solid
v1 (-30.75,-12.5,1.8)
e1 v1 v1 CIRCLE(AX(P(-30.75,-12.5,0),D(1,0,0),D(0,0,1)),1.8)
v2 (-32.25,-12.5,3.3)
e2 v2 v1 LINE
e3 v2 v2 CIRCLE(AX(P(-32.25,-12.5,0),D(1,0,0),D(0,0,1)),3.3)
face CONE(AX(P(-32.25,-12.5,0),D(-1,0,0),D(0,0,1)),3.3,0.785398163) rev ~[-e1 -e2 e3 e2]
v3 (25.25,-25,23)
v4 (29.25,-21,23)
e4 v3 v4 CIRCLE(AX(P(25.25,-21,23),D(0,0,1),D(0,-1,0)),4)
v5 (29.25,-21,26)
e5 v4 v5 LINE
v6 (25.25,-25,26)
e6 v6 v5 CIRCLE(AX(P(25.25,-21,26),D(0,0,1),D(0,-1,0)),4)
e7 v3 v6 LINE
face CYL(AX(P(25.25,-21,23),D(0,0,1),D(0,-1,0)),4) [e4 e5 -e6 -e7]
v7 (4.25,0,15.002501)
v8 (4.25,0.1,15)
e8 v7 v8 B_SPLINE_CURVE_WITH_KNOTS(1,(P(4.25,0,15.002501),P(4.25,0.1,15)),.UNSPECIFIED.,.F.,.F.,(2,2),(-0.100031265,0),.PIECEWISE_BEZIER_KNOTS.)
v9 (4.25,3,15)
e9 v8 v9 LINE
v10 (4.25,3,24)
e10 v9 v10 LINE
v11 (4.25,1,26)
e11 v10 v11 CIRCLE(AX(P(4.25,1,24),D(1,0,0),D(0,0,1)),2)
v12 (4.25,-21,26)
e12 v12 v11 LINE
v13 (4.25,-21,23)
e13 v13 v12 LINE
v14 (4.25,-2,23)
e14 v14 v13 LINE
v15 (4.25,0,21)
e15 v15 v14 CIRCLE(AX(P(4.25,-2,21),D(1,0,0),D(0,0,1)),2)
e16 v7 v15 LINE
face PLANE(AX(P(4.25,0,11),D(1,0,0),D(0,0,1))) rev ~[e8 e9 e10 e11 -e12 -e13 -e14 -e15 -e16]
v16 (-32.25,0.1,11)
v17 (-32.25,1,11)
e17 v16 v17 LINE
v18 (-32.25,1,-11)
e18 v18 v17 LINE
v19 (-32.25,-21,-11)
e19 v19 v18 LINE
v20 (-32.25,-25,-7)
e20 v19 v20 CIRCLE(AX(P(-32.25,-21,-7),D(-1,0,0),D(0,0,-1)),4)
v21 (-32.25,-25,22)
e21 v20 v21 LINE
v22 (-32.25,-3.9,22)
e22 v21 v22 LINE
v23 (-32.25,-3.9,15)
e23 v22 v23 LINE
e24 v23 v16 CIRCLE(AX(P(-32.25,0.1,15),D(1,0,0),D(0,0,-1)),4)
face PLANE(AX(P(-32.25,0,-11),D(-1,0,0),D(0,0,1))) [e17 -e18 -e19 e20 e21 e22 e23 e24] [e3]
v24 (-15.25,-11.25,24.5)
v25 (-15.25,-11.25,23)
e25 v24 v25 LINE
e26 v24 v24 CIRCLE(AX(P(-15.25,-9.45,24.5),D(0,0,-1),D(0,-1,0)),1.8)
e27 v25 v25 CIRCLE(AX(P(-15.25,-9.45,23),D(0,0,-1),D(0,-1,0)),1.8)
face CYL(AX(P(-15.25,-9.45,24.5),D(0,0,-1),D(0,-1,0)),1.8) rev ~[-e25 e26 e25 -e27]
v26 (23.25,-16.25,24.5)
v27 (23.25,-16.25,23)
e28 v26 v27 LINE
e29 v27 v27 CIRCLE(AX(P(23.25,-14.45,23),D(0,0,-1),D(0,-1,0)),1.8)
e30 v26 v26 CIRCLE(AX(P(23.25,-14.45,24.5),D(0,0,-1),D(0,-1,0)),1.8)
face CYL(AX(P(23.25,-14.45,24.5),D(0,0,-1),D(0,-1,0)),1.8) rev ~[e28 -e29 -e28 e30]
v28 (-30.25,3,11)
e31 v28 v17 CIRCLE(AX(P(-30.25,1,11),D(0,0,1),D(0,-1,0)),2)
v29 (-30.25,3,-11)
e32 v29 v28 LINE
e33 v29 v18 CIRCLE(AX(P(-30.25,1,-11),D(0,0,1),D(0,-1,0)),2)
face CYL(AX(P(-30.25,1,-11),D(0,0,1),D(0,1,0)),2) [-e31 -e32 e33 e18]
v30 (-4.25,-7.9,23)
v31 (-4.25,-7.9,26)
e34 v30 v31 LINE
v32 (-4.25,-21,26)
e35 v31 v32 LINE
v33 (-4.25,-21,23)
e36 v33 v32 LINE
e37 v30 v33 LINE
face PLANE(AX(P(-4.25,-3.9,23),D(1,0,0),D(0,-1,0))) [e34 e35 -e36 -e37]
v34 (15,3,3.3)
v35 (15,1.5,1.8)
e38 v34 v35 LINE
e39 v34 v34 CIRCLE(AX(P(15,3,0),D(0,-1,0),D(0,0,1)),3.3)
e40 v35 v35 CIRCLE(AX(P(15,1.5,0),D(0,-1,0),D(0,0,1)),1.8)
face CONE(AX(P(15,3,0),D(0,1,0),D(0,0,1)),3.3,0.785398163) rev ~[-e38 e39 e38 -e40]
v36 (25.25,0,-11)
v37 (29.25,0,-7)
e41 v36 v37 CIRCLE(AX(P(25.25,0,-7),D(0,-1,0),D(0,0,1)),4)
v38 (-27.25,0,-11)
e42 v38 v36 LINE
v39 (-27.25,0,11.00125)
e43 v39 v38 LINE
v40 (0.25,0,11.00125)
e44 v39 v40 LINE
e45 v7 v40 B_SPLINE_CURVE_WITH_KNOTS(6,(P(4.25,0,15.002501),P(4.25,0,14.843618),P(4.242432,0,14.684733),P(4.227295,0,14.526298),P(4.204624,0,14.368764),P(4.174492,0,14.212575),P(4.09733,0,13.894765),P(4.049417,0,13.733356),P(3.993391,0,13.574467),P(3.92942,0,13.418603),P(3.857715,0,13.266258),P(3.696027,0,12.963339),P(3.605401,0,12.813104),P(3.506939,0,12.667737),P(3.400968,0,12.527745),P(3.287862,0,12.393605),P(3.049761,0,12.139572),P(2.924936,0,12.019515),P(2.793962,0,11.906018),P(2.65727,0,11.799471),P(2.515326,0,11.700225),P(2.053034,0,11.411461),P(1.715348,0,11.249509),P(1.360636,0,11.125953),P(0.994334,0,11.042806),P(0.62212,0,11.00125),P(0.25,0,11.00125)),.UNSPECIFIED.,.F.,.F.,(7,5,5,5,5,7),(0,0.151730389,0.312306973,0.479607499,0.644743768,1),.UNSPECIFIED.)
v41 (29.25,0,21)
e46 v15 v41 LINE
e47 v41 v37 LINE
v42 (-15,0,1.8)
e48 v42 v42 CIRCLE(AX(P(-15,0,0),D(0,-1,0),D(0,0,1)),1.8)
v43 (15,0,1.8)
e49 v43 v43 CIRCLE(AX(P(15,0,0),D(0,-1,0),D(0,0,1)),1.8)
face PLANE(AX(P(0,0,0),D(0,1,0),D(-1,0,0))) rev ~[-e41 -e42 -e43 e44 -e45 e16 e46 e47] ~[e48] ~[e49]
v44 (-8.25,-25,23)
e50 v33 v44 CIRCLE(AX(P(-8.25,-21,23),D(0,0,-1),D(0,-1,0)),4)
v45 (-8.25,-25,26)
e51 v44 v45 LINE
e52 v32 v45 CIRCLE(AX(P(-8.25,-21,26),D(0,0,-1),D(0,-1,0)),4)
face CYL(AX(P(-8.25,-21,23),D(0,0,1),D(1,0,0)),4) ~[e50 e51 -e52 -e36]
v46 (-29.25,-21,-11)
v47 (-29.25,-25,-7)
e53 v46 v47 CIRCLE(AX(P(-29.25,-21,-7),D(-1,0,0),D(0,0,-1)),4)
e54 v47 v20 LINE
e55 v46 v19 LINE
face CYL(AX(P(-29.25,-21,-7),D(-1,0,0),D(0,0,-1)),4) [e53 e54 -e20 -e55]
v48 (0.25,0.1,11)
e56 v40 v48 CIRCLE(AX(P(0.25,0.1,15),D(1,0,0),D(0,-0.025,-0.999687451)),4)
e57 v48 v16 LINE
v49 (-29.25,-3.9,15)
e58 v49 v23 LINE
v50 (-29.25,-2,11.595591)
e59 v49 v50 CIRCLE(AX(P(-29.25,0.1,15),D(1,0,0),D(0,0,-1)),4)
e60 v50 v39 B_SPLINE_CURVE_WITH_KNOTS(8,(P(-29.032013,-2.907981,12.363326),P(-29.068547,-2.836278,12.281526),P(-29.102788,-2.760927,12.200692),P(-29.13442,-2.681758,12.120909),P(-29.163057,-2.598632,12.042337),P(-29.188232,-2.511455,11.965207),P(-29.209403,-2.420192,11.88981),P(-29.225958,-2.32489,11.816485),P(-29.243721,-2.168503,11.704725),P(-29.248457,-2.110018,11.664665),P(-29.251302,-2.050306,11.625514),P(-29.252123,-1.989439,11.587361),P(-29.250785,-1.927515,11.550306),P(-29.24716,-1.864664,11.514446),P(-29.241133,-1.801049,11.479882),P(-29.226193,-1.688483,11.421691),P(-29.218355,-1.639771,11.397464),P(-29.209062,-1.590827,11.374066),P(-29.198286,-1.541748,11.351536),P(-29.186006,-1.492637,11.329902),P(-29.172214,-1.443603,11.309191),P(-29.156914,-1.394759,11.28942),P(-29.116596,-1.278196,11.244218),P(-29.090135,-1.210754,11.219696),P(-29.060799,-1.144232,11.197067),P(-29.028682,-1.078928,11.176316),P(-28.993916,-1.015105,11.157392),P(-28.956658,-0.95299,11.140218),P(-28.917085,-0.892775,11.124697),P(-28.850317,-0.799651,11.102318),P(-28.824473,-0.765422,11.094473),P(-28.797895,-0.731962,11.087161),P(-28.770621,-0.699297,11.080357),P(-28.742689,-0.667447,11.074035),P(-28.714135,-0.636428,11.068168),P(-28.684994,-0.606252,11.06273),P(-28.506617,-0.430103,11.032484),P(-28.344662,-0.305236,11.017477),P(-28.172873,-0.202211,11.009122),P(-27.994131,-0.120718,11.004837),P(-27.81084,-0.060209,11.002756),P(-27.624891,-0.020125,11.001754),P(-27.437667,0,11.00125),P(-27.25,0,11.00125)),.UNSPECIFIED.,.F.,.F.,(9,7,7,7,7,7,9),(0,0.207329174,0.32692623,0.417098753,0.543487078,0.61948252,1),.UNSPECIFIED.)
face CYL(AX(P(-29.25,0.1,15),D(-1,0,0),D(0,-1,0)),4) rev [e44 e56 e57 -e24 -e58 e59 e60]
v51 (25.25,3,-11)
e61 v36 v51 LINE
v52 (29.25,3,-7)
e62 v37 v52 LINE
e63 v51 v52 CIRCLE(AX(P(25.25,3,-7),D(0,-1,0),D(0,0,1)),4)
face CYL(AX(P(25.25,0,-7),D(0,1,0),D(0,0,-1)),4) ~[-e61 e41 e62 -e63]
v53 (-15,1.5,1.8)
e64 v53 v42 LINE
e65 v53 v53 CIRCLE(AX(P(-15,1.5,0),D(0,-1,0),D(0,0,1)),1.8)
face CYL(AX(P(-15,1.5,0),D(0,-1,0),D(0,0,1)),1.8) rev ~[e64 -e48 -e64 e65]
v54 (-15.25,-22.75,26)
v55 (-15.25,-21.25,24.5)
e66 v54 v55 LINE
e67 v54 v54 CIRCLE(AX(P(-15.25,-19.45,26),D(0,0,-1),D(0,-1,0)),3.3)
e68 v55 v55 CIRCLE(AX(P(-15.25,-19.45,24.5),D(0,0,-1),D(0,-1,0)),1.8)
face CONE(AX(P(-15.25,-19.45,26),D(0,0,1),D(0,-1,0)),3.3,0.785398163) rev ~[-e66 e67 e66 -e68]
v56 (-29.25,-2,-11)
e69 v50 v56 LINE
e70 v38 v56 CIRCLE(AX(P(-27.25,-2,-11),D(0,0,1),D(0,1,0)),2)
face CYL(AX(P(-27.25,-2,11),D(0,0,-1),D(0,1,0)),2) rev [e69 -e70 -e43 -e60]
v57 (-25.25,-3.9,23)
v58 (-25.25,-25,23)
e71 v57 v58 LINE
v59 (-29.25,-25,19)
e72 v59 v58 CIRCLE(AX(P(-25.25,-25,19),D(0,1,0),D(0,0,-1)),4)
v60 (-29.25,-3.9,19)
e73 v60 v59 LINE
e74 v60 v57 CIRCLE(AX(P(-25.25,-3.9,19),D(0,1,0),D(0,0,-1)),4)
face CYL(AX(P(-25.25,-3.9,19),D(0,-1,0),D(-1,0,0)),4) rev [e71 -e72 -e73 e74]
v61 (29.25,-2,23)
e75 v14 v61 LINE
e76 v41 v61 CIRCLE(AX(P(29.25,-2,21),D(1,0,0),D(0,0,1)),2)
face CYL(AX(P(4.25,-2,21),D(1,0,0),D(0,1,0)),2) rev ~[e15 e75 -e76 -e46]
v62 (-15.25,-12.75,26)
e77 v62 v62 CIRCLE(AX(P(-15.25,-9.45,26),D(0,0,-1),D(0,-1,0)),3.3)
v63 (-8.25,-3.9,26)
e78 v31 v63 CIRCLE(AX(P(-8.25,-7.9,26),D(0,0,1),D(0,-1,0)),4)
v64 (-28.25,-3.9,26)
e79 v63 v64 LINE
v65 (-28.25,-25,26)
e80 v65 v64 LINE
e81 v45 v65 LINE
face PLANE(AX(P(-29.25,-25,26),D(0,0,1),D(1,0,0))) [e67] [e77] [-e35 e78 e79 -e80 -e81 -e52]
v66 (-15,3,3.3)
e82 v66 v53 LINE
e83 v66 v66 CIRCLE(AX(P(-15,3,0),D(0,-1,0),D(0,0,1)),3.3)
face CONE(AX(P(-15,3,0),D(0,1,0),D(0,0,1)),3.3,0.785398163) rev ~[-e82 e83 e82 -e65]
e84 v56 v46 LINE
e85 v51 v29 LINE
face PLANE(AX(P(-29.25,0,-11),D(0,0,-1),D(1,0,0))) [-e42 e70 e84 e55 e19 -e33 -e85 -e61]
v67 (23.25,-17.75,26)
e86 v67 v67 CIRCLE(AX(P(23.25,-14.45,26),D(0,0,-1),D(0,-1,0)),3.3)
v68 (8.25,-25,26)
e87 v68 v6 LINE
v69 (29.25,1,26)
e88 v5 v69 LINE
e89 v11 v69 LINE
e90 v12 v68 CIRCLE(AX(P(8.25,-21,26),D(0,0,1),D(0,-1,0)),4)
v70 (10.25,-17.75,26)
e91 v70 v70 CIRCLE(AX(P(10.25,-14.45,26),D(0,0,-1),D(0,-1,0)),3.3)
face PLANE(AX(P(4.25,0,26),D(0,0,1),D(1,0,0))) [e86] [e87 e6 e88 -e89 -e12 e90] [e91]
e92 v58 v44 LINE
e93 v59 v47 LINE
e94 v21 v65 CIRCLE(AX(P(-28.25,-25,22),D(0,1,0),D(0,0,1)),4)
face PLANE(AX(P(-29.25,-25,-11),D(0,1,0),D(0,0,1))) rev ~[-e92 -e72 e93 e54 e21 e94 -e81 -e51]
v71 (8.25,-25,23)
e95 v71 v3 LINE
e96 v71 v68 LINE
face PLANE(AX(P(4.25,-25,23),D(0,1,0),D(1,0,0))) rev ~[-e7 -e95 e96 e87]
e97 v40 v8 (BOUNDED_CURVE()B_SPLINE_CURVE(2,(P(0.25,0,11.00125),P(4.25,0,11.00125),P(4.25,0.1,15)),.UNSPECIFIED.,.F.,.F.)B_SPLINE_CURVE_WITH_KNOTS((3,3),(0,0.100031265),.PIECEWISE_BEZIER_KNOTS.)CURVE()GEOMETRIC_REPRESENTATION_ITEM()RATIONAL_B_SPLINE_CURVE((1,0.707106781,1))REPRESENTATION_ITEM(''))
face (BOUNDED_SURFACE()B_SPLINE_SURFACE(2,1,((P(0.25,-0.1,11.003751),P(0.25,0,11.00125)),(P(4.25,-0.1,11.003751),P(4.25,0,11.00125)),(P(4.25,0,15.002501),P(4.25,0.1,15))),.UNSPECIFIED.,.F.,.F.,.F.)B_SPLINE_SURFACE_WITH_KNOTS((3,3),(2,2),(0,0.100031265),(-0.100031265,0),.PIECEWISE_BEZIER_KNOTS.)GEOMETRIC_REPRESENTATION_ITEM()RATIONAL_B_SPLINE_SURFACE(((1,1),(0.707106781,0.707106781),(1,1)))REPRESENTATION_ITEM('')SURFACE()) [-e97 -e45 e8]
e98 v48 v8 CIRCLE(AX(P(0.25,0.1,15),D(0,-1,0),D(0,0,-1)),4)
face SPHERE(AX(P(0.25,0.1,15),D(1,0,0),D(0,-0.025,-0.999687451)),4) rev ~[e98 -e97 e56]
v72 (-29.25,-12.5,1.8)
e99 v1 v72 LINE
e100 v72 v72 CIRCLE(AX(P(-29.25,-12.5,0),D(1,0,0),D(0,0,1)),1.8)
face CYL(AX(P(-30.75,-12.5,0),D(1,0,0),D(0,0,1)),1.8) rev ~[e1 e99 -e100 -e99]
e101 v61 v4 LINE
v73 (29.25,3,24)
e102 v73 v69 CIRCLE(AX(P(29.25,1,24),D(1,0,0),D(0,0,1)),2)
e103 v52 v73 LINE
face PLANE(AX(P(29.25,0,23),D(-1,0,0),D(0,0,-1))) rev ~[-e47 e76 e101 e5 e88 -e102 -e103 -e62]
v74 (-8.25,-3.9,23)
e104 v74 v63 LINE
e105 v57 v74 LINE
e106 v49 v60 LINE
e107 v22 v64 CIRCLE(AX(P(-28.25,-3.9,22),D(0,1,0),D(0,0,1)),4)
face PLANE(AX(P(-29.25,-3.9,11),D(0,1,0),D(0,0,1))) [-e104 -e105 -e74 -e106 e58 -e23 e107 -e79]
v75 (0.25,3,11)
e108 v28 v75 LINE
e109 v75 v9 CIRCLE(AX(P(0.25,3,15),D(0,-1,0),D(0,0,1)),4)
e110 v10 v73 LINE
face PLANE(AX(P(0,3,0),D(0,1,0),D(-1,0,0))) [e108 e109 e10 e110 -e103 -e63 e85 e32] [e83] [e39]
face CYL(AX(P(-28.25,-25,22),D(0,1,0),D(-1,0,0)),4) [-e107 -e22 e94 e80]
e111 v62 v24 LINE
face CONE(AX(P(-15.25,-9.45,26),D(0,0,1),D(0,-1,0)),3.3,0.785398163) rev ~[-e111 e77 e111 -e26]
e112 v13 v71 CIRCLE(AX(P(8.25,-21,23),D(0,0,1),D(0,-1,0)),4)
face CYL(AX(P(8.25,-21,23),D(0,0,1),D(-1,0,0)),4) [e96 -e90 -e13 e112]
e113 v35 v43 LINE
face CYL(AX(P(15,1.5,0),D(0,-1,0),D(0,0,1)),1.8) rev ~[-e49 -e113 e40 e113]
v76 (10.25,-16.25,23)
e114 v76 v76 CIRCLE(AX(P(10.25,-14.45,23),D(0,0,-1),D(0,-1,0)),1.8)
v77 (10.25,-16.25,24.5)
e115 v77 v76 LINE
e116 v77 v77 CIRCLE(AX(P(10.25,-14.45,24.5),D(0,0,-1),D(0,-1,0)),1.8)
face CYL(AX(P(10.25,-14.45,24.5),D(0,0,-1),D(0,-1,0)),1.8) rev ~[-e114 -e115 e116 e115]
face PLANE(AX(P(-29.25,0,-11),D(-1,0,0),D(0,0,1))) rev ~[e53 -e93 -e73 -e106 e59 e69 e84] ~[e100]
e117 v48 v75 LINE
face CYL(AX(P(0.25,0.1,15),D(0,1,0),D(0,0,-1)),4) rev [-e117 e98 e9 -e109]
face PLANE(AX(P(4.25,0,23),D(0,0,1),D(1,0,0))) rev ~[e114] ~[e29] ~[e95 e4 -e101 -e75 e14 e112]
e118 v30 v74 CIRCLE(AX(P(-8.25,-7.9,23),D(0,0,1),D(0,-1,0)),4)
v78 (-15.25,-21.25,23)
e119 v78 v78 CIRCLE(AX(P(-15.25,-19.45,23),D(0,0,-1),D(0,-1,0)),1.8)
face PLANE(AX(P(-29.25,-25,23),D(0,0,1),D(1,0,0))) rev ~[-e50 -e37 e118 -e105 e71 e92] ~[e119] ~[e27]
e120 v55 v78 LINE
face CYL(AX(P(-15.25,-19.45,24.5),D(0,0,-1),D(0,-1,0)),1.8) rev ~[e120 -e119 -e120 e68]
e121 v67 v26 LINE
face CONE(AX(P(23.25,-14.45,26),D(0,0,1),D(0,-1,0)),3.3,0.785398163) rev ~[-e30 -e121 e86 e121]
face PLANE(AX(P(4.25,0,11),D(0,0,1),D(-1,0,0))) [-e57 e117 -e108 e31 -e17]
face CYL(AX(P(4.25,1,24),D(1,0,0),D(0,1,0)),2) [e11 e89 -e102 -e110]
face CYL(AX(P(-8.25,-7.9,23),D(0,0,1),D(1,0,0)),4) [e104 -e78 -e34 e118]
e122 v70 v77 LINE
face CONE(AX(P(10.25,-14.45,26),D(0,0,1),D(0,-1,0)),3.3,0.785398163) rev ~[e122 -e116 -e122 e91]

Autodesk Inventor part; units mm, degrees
ref_plane "YZ Plane" through (0, 0, 0) normal (1, 0, 0) x (0, 1, 0)
ref_plane "XZ Plane" through (0, 0, 0) normal (0, 1, 0) x (-1, 0, 0)
ref_plane "XY Plane" through (0, 0, 0) normal (0, 0, 1) x (1, 0, 0)
sketch "Эскиз1" plane through (0, 0, 0) normal (0, 1, 0) x (-1, 0, 0)
  line L0 (-29.25, 11) -> (29.25, 11)
  line L1 (29.25, 11) -> (29.25, -11)
  line L2 (29.25, -11) -> (-29.25, -11)
  line L3 (-29.25, -11) -> (-29.25, 11)
  line L4 (-29.25, 11) -> (29.25, -11) construction
  line L5 (29.25, 11) -> (-29.25, -11) construction
  line L6 (-29.25, 11) -> (-4.25, 11)
  line L7 (-4.25, 11) -> (-4.25, 23)
  line L8 (-4.25, 23) -> (-29.25, 23)
  line L9 (-29.25, 23) -> (-29.25, 11)
  point P0 (0, 0)
  dimension "d0" = 22
  dimension "d1" = 58.5
  dimension "d8" = 34
  dimension "d9" = 25
extrude "Выдавливание1" add sketch "Эскиз1" along normal blind 3
sketch "Эскиз2" plane through (-29.25, 0, -11) normal (-1, 0, 0) x (0, 0, 1)
  line L0 (0, 0) -> (22, 0) projected
  line L1 (22, 0) -> (22, 3) projected
  line L2 (0, 3) -> (22, 3) projected
  line L3 (0, 0) -> (0, 3) projected
  line L4 (0, 3) -> (22, 3) projected
  line L5 (22, 3) -> (0, 3)
  line L6 (0, 3) -> (0, -25)
  line L7 (0, -25) -> (22, -25)
  line L8 (22, -25) -> (22, 3)
  line L9 (22, -25) -> (22, -3.9)
  line L10 (22, -3.9) -> (34, -3.9)
  line L11 (34, -3.9) -> (34, -25)
  line L12 (34, -25) -> (22, -25)
  point P0 (11, 0)
  point P1 (22, 0)
  point P2 (22, 3)
  dimension "d4" = 28
  dimension "d7" = 22
  dimension "d13" = 34
  dimension "d14" = 21.1
extrude "Выдавливание2" add sketch "Эскиз2" along normal blind 3
sketch "Эскиз3" plane through (4.25, 0, 23) normal (0, 0, 1) x (1, 0, 0)
  line L0 (0, 0) -> (25, 0) projected
  line L1 (25, 0) -> (25, 3) projected
  line L2 (0, 3) -> (25, 3) projected
  line L3 (0, 0) -> (0, 3) projected
  line L4 (25, 0) -> (25, 3) projected
  line L5 (0, 0) -> (0, 3) projected
  line L6 (25, 3) -> (0, 3)
  line L7 (0, 3) -> (0, -25)
  line L8 (0, -25) -> (25, -25)
  line L9 (25, -25) -> (25, 3)
  point P0 (-4.25, 0)
  dimension "d10" = 28
extrude "Выдавливание3" add sketch "Эскиз3" along normal blind 3
sketch "Эскиз4" plane through (-29.25, -25, 23) normal (0, 0, 1) x (1, 0, 0)
  line L0 (0, 0) -> (0, 21.1) projected
  line L1 (0, 21.1) -> (-3, 21.1) projected
  line L2 (-3, 0) -> (-3, 21.1) projected
  line L3 (0, 0) -> (-3, 0) projected
  line L4 (-3, 0) -> (-3, 21.1)
  line L5 (-3, 21.1) -> (25, 21.1)
  line L6 (25, 21.1) -> (25, 0)
  line L7 (25, 0) -> (-3, 0)
  point P0 (29.25, 25)
  dimension "d15" = 28
extrude "Выдавливание4" add sketch "Эскиз4" along normal blind 3
fillet "Сопряжение1" radius 2 4 edges at (-29.25, 0, 0) (-32.25, 3, 0) (16.75, 3, 26) (16.75, 0, 23)
fillet "Сопряжение1" radius 4 10 edges at (-32.25, -14.45, 26) (-29.25, -14.45, 23) (-4.25, -3.9, 24.5) (-4.25, -25, 24.5) (-30.75, -3.9, 11) (4.25, 1.5, 11) (4.25, -25, 24.5) (29.25, -25, 24.5) (-30.75, -25, -11) (29.25, 1.5, -11)
sketch "Эскиз5" plane through (4.25, 0, 26) normal (0, 0, 1) x (1, 0, 0)
  circle A0 centre (6, -14.45) radius 1.8
  circle A1 centre (19, -14.45) radius 1.8
  arc A2 (21, -25) -> (25, -21) centre (21, -21) ccw projected
  line L0 (25, -21) -> (25, 1) projected
  line L1 (0, 1) -> (25, 1) projected
  line L2 (0, 1) -> (0, -21) projected
  arc A3 (0, -21) -> (4, -25) centre (4, -21) ccw projected
  line L3 (4, -25) -> (21, -25) projected
  line L4 (4, -25) -> (21, -25) construction
  line L5 (12.5, -25) -> (12.5, 1) construction
  line L6 (6, -14.45) -> (19, -14.45) construction
  line L7 (0, 0) -> (25, 0) construction
  arc A4 (-12.5, -25) -> (-8.5, -21) centre (-12.5, -21) ccw projected
  line L8 (-8.5, -21) -> (-8.5, -7.9) projected
  arc A5 (-8.5, -7.9) -> (-12.5, -3.9) centre (-12.5, -7.9) ccw projected
  line L9 (-12.5, -3.9) -> (-32.5, -3.9) projected
  line L10 (-32.5, -25) -> (-32.5, -3.9) projected
  line L11 (-32.5, -25) -> (-12.5, -25) projected
  line L12 (-36.5, -3.9) -> (-36.5, -25) projected
  circle A6 centre (-19.5, -19.45) radius 2.2361
  circle A7 centre (-19.5, -9.45) radius 2.6907
  line L13 (-19.5, -19.45) -> (-19.5, -9.45) construction
  line L14 (-19.5, -14.45) -> (-4.25, -14.45) construction
  point P0 (-4.25, 0)
  dimension "d21" = 3.6
  dimension "d22" = 3.6
  dimension "d23" = 13
  dimension "d33" = 13
  dimension "d34" = 10
  dimension "d35" = 21.1
  dimension "d36" = 10.55
hole "Отверстие1" at (10.25, -14.45, 26) at (23.25, -14.45, 26) at (-15.25, -9.45, 26) at (-15.25, -19.45, 26) direction (0, 0, -1) diameter 3.6 depth 5 countersink diameter 6.6 countersink angle 90 clearance for "с потайной головкой ГОСТ 12876-67" size "M3" standard "ГОСТ"
sketch "Эскиз6" plane through (-32.25, 0, -11) normal (-1, 0, 0) x (0, 0, 1)
  line L0 (32, 0) -> (4, 0) construction
  line L1 (22, 0) -> (0, 0) construction
  line L2 (0, 0) -> (0, -25) construction
  line L3 (0, -25) -> (22, -25) construction
  line L4 (22, -25) -> (22, 0) construction
  arc A0 (0, -21) -> (4, -25) centre (4, -21) ccw construction
  line L5 (4, -25) -> (33, -25) construction
  line L6 (33, -3.9) -> (33, -25) construction
  line L7 (26, -3.9) -> (33, -3.9) construction
  arc A1 (22, 0.1) -> (26, -3.9) centre (26, 0.1) ccw construction
  line L8 (22, 0.1) -> (22, 1) construction
  line L9 (0, 1) -> (22, 1) construction
  line L10 (0, 1) -> (0, -21) construction
  circle A2 centre (11, -12.5) radius 2.7933
  arc A3 (22, 0.1) -> (26, -3.9) centre (26, 0.1) ccw construction
  line L11 (22, 0.1) -> (0, -25) construction
  line L12 (0, 0) -> (0, -2) construction
  line L13 (22, -25) -> (0, 0) construction
  point P0 (11, 0)
hole "Отверстие2" at (-32.25, -12.5, 0) direction (1, 0, 0) diameter 3.6 depth 6 countersink diameter 6.6 countersink angle 90 clearance for "с потайной головкой ГОСТ 12876-67" size "M3" standard "ГОСТ"
sketch "Эскиз7" plane through (0, 3, 0) normal (0, 1, 0) x (1, 0, 0)
  arc A0 (29.25, 7) -> (25.25, 11) centre (25.25, 7) ccw construction
  line L0 (25.25, 11) -> (-30.25, 11) construction
  line L1 (-30.25, -11) -> (-30.25, 11) construction
  line L2 (0.25, -11) -> (-30.25, -11) construction
  arc A1 (4.25, -15) -> (0.25, -11) centre (0.25, -15) ccw construction
  line L3 (4.25, -15) -> (4.25, -24) construction
  line L4 (29.25, -24) -> (4.25, -24) construction
  line L5 (29.25, 7) -> (29.25, -24) construction
  line L6 (29.25, -11) -> (29.25, 11) construction
  line L7 (29.25, 11) -> (-29.25, 11) construction
  line L8 (29.25, 7) -> (29.25, -24) construction
  line L9 (-29.2407, 0) -> (29.25, 0) construction
  line L10 (29.25, -21) -> (29.25, 7) construction
  line L11 (-29.25, -11.5956) -> (-29.25, 11) construction
  line L12 (-29.25, -11) -> (-29.25, 11) construction
  line L13 (-29.25, -11) -> (29.25, -11) construction
  circle A2 centre (-15, 0) radius 3.1623 construction
  circle A3 centre (15, 0) radius 5 construction
  line L14 (0, 0) -> (0, 6.5971) construction
  point P0 (-32.25, -11)
  point P1 (-29.25, 0)
  dimension "d44" = 30
hole "Отверстие3" at (-15, 3, 0) at (15, 3, 0) direction (0, -1, 0) diameter 3.6 depth 6 countersink diameter 6.6 countersink angle 90 clearance for "с потайной головкой ГОСТ 12876-67" size "M3" standard "ГОСТ"
equation "\"d36\" = 0.5 * d35"
properties part number "кронштейн"
